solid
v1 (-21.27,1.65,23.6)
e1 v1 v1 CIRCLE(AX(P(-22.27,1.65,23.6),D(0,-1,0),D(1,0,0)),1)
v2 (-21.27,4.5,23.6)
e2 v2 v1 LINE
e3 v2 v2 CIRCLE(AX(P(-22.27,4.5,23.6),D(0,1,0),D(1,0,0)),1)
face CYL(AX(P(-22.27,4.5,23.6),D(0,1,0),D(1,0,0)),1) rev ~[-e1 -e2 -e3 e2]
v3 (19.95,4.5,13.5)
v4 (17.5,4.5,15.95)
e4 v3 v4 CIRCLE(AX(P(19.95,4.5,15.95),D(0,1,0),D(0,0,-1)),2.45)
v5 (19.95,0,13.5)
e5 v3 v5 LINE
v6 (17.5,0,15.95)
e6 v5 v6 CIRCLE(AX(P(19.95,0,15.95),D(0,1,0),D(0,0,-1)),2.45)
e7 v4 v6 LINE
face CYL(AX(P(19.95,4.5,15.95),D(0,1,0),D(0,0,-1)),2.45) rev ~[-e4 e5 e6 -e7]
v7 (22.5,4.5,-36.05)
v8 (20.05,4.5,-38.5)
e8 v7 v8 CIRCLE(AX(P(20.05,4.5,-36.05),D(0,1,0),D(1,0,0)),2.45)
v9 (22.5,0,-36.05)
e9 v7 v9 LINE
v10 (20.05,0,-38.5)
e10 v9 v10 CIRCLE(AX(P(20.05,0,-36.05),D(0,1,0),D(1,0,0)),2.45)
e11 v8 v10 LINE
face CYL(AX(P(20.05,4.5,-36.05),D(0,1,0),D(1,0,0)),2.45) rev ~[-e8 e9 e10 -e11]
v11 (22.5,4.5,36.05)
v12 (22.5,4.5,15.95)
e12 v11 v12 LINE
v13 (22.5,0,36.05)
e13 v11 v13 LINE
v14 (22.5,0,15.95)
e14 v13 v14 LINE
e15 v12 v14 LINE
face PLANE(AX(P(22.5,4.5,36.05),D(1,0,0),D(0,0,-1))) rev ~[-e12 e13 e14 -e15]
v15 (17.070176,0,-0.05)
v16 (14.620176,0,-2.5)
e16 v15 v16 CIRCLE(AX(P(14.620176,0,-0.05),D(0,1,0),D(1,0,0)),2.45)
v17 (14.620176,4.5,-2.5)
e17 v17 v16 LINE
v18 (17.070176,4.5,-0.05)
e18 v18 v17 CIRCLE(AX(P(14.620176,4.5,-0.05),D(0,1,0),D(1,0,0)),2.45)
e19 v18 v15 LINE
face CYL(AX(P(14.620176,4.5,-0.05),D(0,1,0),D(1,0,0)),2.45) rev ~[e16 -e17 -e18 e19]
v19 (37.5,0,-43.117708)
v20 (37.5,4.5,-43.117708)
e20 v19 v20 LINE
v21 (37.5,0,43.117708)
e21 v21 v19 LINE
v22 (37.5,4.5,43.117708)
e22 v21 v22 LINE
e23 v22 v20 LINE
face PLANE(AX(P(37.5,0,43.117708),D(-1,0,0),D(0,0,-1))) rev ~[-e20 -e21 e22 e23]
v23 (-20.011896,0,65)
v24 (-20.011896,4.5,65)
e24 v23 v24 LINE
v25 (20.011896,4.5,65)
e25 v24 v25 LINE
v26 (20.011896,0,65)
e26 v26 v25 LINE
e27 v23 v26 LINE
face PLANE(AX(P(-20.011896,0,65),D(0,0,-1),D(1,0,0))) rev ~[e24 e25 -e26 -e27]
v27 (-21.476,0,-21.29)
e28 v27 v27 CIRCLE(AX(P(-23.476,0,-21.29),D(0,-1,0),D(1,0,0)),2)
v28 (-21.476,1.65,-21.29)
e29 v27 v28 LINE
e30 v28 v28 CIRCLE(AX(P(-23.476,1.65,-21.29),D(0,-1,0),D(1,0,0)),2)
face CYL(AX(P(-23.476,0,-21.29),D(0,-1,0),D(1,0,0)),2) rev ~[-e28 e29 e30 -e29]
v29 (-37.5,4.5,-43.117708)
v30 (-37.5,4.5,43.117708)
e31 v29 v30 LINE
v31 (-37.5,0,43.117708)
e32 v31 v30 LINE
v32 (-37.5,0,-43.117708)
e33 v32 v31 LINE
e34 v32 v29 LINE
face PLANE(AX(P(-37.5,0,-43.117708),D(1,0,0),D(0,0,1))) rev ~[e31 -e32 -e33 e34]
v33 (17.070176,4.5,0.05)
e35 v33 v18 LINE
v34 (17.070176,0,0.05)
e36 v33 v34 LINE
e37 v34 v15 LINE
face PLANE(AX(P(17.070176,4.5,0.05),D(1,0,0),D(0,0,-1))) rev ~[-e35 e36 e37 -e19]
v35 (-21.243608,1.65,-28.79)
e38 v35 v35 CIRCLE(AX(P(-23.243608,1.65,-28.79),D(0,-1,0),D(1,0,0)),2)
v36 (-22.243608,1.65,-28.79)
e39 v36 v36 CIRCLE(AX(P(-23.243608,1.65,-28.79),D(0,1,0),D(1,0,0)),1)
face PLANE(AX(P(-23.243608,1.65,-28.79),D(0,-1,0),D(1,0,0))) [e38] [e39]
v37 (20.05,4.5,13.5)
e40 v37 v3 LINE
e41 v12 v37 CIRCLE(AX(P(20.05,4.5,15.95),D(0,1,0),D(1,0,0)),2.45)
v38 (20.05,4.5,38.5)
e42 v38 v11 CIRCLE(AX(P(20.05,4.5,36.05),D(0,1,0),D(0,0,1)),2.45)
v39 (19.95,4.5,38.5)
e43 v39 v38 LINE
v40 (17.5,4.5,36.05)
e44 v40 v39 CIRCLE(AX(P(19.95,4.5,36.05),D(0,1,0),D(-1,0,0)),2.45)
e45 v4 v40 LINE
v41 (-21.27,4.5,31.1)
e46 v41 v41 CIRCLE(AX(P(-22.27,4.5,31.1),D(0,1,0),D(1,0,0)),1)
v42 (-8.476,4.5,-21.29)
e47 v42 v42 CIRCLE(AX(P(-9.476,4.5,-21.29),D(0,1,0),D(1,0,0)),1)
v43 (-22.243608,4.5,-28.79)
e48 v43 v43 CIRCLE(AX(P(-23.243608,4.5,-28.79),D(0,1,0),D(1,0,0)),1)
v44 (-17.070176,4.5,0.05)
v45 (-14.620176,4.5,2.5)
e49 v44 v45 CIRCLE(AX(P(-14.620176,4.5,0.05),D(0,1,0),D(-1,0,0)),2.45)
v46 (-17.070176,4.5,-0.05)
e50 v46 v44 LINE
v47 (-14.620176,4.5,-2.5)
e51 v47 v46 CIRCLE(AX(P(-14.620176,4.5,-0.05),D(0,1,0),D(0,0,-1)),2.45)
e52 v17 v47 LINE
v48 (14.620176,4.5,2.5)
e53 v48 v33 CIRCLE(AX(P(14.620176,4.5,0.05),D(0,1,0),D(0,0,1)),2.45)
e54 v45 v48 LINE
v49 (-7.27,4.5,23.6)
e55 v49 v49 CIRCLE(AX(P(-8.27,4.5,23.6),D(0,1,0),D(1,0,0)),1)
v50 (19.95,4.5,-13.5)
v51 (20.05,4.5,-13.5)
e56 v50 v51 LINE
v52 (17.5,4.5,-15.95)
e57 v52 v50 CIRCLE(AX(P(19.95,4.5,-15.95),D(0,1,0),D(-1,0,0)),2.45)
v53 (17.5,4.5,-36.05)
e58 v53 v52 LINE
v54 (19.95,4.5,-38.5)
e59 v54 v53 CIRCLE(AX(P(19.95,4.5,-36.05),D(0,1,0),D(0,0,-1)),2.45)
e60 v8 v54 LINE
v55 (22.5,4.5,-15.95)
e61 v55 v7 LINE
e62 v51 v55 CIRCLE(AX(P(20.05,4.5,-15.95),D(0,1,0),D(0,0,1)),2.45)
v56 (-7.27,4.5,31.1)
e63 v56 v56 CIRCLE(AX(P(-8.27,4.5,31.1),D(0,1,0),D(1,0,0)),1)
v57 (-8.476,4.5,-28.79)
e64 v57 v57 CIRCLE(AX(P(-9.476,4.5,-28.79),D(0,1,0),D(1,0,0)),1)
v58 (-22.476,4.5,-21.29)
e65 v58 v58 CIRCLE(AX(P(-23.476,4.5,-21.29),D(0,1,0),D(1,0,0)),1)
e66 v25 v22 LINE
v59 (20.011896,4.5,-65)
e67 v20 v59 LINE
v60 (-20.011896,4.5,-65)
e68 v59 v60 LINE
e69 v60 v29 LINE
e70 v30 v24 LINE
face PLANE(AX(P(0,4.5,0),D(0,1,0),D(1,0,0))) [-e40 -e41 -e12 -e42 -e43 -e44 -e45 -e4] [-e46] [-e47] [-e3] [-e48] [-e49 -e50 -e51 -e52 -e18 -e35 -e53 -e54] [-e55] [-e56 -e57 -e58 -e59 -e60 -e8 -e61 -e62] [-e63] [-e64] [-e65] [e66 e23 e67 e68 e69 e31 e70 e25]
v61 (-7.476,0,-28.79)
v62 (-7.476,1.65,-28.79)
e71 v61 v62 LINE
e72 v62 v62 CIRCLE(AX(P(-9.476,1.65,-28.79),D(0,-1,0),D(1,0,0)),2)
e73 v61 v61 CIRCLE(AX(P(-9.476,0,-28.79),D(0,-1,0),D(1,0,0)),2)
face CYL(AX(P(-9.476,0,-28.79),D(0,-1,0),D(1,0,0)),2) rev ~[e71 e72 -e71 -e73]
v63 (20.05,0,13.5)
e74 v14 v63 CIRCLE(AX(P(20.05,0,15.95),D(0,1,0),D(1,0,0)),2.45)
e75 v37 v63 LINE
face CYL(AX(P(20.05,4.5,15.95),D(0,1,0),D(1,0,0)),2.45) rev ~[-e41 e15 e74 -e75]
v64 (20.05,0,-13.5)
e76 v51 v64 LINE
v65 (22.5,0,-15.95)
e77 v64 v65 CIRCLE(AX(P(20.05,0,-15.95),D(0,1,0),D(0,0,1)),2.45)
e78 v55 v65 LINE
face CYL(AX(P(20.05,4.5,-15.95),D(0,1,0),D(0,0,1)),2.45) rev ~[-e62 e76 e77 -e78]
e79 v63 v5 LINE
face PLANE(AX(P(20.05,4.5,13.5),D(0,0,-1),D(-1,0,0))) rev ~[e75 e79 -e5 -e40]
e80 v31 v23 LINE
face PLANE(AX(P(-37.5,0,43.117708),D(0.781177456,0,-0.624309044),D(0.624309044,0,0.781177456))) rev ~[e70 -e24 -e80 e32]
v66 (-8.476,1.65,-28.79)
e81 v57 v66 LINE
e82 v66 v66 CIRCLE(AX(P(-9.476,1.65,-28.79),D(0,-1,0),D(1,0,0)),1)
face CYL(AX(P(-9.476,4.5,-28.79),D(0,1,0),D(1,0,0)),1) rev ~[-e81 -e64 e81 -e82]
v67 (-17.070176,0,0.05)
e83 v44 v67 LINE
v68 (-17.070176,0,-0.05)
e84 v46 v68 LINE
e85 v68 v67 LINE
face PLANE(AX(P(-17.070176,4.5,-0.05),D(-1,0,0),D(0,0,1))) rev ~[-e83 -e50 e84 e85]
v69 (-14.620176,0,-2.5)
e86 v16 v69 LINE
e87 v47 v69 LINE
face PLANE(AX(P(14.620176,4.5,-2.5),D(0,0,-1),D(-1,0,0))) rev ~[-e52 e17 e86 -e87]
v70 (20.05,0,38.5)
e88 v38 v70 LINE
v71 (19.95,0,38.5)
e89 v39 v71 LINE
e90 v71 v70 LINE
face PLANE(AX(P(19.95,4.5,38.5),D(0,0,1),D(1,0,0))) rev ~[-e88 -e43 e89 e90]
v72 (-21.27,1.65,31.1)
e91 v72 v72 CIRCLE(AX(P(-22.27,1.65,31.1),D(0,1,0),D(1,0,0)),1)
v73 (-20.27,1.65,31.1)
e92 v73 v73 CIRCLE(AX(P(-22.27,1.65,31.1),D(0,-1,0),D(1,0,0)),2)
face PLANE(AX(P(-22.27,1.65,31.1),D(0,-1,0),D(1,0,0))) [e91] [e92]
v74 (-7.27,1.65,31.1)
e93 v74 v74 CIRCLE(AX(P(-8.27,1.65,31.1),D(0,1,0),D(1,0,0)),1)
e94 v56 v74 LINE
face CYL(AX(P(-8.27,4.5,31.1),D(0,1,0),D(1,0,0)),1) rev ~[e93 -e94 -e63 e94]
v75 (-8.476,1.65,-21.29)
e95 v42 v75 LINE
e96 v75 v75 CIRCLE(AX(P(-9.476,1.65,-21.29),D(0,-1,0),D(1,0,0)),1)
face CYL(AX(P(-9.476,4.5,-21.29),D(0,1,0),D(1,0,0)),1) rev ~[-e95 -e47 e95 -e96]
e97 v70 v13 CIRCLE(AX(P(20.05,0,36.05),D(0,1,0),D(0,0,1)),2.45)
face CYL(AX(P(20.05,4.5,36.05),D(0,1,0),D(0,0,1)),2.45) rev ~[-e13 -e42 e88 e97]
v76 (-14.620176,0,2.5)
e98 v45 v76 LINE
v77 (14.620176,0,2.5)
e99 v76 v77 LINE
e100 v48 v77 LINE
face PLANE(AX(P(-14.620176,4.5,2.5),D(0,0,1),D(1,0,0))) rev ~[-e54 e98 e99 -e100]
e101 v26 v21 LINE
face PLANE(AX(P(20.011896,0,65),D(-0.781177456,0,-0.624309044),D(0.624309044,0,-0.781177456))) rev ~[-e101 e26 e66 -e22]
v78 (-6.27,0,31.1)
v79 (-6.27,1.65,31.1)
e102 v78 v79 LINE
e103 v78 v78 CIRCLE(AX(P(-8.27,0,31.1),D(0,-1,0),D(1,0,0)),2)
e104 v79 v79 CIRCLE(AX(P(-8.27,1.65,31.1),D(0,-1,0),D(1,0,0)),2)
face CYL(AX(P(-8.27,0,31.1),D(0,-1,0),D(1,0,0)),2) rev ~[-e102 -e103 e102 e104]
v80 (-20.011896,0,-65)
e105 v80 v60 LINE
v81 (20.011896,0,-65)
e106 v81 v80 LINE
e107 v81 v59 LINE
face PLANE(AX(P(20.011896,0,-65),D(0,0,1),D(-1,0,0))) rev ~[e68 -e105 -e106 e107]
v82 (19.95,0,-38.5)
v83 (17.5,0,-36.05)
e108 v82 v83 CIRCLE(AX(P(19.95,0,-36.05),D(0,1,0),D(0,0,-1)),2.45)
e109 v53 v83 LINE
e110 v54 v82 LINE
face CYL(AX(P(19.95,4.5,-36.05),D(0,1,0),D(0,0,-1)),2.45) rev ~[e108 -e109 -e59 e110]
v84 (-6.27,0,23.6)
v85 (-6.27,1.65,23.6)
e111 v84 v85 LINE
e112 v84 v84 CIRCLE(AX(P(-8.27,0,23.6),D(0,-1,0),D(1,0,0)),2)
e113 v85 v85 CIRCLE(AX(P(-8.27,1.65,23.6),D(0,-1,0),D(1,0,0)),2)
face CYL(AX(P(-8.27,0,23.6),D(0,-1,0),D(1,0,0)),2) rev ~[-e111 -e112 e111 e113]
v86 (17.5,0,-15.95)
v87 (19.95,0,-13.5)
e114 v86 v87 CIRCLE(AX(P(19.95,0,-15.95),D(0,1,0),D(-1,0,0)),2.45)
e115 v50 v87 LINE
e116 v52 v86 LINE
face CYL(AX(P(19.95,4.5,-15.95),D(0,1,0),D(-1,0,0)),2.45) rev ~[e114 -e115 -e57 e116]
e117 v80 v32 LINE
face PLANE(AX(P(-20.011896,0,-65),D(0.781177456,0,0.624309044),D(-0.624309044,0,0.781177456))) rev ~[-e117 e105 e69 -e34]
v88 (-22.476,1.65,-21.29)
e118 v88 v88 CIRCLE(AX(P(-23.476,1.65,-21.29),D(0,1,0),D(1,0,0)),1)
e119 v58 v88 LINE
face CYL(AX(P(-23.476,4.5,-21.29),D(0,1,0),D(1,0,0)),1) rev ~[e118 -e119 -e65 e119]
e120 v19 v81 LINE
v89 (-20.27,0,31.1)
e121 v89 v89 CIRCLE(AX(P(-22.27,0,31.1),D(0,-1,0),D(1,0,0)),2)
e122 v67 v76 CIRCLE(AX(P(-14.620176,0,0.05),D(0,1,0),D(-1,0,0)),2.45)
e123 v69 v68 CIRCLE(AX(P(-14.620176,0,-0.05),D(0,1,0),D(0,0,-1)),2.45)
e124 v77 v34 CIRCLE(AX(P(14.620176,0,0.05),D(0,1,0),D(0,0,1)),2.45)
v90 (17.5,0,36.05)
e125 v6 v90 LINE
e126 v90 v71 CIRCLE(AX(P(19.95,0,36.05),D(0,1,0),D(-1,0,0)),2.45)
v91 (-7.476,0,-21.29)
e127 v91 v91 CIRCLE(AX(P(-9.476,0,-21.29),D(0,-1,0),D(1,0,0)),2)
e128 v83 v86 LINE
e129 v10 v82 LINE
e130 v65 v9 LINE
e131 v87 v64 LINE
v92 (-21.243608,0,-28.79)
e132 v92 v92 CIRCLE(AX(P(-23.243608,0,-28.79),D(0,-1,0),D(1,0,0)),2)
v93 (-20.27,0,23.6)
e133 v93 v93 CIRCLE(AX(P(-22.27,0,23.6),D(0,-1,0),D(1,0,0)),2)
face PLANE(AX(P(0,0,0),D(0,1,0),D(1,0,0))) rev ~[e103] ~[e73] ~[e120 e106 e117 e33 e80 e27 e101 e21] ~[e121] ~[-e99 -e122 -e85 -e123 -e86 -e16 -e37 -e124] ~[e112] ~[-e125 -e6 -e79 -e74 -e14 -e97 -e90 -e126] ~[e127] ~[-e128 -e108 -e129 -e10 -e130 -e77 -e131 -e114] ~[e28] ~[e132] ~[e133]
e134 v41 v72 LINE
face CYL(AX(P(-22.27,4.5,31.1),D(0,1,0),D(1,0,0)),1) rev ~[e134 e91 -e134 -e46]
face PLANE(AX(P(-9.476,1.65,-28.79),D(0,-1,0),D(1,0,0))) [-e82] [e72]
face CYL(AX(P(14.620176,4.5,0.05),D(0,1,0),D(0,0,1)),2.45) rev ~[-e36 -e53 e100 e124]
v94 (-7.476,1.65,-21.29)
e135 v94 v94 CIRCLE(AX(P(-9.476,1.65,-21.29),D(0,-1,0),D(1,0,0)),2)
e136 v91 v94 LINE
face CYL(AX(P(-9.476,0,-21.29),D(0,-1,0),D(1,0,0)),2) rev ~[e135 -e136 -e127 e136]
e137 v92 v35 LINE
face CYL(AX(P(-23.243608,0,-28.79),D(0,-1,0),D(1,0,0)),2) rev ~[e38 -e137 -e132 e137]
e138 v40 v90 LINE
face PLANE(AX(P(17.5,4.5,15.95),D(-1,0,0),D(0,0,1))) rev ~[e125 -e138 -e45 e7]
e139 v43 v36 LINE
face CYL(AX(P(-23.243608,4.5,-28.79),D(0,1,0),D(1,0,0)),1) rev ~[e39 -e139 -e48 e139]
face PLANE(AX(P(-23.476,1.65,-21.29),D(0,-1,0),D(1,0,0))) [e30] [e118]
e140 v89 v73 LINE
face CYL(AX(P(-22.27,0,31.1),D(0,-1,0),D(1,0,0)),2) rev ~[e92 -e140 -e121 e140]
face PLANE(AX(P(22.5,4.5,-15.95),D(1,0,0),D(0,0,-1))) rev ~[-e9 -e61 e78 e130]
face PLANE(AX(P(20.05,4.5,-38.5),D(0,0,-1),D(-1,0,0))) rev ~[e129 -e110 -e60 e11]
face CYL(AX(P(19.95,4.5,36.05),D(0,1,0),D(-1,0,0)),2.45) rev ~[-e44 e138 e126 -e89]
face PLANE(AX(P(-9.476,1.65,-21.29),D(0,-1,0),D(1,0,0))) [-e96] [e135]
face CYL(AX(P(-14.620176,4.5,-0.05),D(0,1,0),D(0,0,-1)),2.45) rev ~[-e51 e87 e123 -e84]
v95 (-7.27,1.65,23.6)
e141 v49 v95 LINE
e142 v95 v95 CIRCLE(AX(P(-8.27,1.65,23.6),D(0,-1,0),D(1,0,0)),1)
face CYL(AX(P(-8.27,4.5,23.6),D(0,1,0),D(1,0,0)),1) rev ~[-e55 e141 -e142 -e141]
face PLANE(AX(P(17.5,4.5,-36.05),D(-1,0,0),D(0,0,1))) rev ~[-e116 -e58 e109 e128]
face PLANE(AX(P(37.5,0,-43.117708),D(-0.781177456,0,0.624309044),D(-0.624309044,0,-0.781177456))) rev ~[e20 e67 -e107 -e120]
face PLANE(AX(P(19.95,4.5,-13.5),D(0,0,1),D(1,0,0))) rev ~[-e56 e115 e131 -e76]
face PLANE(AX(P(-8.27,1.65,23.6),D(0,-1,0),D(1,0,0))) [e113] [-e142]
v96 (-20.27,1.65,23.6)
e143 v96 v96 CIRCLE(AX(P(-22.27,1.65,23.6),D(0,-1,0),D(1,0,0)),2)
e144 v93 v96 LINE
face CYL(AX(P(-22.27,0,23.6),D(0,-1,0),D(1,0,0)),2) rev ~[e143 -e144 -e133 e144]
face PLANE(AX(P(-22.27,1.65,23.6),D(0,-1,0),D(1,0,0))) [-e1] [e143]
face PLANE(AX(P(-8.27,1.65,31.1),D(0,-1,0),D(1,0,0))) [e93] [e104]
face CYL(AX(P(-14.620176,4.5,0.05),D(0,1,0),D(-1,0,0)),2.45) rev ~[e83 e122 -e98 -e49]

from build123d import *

# Parameters (mm, degrees)
BOSS_EXTRUDE1_DEPTH = 4.5
CUT_EXTRUDE2_DEPTH  = 10
SKETCH7_R           = 1
CUT_EXTRUDE3_DEPTH  = 5
SKETCH11_R          = 2
SKETCH11_R_2        = 1
CUT_EXTRUDE4_DEPTH  = 1.65


with BuildPart() as part:
    # Sketch1 → Boss-Extrude1 (new body)
    with BuildSketch(Plane(origin=(0, 0, 0), x_dir=(1, 0, 0), z_dir=(0, 1, 0))):
        Polygon((-37.5, -43.117707706), (-20.011895516, -65), (20.011895516, -65), (37.5, -43.117707706), (37.5, 43.117707706), (20.011895516, 65), (-20.011895516, 65), (-37.5, 43.117707706), align=None)
    extrude(amount=BOSS_EXTRUDE1_DEPTH)

    # Sketch5 → Cut-Extrude2 (cut)
    with BuildSketch(Plane(origin=(0, 4.5, 0), x_dir=(1, 0, 0), z_dir=(0, 1, 0))):
        with BuildLine():
            Line((-14.620176413, -2.5), (14.620176413, -2.5))
            ThreePointArc((14.620176413, -2.5), (16.352588027, -1.782411614), (17.070176413, -0.05))
            Line((17.070176413, -0.05), (17.070176413, 0.05))
            ThreePointArc((17.070176413, 0.05), (16.352588027, 1.782411614), (14.620176413, 2.5))
            Line((14.620176413, 2.5), (-14.620176413, 2.5))
            ThreePointArc((-14.620176413, 2.5), (-16.352588027, 1.782411614), (-17.070176413, 0.05))
            Line((-17.070176413, 0.05), (-17.070176413, -0.05))
            ThreePointArc((-17.070176413, -0.05), (-16.352588027, -1.782411614), (-14.620176413, -2.5))
        make_face()
        with BuildLine():
            Line((19.95, -38.5), (20.05, -38.5))
            ThreePointArc((20.05, -38.5), (21.782411614, -37.782411614), (22.5, -36.05))
            Line((22.5, -36.05), (22.5, -15.95))
            ThreePointArc((22.5, -15.95), (21.782411614, -14.217588386), (20.05, -13.5))
            Line((20.05, -13.5), (19.95, -13.5))
            ThreePointArc((19.95, -13.5), (18.217588386, -14.217588386), (17.5, -15.95))
            Line((17.5, -15.95), (17.5, -36.05))
            ThreePointArc((17.5, -36.05), (18.217588386, -37.782411614), (19.95, -38.5))
        make_face()
        with BuildLine():
            Line((19.95, 13.5), (20.05, 13.5))
            ThreePointArc((20.05, 13.5), (21.782411614, 14.217588386), (22.5, 15.95))
            Line((22.5, 15.95), (22.5, 36.05))
            ThreePointArc((22.5, 36.05), (21.782411614, 37.782411614), (20.05, 38.5))
            Line((20.05, 38.5), (19.95, 38.5))
            ThreePointArc((19.95, 38.5), (18.217588386, 37.782411614), (17.5, 36.05))
            Line((17.5, 36.05), (17.5, 15.95))
            ThreePointArc((17.5, 15.95), (18.217588386, 14.217588386), (19.95, 13.5))
        make_face()
    extrude(amount=-CUT_EXTRUDE2_DEPTH, mode=Mode.SUBTRACT)

    # Sketch7 → Cut-Extrude3 (cut)
    with BuildSketch(Plane(origin=(0, 4.5, 0), x_dir=(1, 0, 0), z_dir=(0, 1, 0))):
        with Locations((-9.476, 21.29)):
            Circle(SKETCH7_R)
        with Locations((-23.476, 21.29)):
            Circle(SKETCH7_R)
        with Locations((-23.24360758, 28.79)):
            Circle(SKETCH7_R)
        with Locations((-22.27, -23.6)):
            Circle(SKETCH7_R)
        with Locations((-22.27, -31.1)):
            Circle(SKETCH7_R)
        with Locations((-8.27, -31.1)):
            Circle(SKETCH7_R)
        with Locations((-8.27, -23.6)):
            Circle(SKETCH7_R)
        with Locations((-9.476, 28.79)):
            Circle(SKETCH7_R)
    extrude(amount=-CUT_EXTRUDE3_DEPTH, mode=Mode.SUBTRACT)

    # Sketch11 → Cut-Extrude4 (cut)
    with BuildSketch(Plane.XZ):
        with Locations((-8.27, 23.6)):
            Circle(SKETCH11_R)
        with Locations((-8.27, 23.6)):
            Circle(SKETCH11_R_2, mode=Mode.SUBTRACT)
        with Locations((-22.27, 23.6)):
            Circle(SKETCH11_R)
        with Locations((-22.27, 23.6)):
            Circle(SKETCH11_R_2, mode=Mode.SUBTRACT)
        with Locations((-9.476, -21.29)):
            Circle(SKETCH11_R)
        with Locations((-9.476, -21.29)):
            Circle(SKETCH11_R_2, mode=Mode.SUBTRACT)
        with Locations((-9.476, -28.79)):
            Circle(SKETCH11_R)
        with Locations((-9.476, -28.79)):
            Circle(SKETCH11_R_2, mode=Mode.SUBTRACT)
        with Locations((-8.27, 31.1)):
            Circle(SKETCH11_R)
        with Locations((-22.27, 31.1)):
            Circle(SKETCH11_R)
        with Locations((-23.24360758, -28.79)):
            Circle(SKETCH11_R)
        with Locations((-23.476, -21.29)):
            Circle(SKETCH11_R)
    extrude(amount=-CUT_EXTRUDE4_DEPTH, mode=Mode.SUBTRACT)


solid = part.part
